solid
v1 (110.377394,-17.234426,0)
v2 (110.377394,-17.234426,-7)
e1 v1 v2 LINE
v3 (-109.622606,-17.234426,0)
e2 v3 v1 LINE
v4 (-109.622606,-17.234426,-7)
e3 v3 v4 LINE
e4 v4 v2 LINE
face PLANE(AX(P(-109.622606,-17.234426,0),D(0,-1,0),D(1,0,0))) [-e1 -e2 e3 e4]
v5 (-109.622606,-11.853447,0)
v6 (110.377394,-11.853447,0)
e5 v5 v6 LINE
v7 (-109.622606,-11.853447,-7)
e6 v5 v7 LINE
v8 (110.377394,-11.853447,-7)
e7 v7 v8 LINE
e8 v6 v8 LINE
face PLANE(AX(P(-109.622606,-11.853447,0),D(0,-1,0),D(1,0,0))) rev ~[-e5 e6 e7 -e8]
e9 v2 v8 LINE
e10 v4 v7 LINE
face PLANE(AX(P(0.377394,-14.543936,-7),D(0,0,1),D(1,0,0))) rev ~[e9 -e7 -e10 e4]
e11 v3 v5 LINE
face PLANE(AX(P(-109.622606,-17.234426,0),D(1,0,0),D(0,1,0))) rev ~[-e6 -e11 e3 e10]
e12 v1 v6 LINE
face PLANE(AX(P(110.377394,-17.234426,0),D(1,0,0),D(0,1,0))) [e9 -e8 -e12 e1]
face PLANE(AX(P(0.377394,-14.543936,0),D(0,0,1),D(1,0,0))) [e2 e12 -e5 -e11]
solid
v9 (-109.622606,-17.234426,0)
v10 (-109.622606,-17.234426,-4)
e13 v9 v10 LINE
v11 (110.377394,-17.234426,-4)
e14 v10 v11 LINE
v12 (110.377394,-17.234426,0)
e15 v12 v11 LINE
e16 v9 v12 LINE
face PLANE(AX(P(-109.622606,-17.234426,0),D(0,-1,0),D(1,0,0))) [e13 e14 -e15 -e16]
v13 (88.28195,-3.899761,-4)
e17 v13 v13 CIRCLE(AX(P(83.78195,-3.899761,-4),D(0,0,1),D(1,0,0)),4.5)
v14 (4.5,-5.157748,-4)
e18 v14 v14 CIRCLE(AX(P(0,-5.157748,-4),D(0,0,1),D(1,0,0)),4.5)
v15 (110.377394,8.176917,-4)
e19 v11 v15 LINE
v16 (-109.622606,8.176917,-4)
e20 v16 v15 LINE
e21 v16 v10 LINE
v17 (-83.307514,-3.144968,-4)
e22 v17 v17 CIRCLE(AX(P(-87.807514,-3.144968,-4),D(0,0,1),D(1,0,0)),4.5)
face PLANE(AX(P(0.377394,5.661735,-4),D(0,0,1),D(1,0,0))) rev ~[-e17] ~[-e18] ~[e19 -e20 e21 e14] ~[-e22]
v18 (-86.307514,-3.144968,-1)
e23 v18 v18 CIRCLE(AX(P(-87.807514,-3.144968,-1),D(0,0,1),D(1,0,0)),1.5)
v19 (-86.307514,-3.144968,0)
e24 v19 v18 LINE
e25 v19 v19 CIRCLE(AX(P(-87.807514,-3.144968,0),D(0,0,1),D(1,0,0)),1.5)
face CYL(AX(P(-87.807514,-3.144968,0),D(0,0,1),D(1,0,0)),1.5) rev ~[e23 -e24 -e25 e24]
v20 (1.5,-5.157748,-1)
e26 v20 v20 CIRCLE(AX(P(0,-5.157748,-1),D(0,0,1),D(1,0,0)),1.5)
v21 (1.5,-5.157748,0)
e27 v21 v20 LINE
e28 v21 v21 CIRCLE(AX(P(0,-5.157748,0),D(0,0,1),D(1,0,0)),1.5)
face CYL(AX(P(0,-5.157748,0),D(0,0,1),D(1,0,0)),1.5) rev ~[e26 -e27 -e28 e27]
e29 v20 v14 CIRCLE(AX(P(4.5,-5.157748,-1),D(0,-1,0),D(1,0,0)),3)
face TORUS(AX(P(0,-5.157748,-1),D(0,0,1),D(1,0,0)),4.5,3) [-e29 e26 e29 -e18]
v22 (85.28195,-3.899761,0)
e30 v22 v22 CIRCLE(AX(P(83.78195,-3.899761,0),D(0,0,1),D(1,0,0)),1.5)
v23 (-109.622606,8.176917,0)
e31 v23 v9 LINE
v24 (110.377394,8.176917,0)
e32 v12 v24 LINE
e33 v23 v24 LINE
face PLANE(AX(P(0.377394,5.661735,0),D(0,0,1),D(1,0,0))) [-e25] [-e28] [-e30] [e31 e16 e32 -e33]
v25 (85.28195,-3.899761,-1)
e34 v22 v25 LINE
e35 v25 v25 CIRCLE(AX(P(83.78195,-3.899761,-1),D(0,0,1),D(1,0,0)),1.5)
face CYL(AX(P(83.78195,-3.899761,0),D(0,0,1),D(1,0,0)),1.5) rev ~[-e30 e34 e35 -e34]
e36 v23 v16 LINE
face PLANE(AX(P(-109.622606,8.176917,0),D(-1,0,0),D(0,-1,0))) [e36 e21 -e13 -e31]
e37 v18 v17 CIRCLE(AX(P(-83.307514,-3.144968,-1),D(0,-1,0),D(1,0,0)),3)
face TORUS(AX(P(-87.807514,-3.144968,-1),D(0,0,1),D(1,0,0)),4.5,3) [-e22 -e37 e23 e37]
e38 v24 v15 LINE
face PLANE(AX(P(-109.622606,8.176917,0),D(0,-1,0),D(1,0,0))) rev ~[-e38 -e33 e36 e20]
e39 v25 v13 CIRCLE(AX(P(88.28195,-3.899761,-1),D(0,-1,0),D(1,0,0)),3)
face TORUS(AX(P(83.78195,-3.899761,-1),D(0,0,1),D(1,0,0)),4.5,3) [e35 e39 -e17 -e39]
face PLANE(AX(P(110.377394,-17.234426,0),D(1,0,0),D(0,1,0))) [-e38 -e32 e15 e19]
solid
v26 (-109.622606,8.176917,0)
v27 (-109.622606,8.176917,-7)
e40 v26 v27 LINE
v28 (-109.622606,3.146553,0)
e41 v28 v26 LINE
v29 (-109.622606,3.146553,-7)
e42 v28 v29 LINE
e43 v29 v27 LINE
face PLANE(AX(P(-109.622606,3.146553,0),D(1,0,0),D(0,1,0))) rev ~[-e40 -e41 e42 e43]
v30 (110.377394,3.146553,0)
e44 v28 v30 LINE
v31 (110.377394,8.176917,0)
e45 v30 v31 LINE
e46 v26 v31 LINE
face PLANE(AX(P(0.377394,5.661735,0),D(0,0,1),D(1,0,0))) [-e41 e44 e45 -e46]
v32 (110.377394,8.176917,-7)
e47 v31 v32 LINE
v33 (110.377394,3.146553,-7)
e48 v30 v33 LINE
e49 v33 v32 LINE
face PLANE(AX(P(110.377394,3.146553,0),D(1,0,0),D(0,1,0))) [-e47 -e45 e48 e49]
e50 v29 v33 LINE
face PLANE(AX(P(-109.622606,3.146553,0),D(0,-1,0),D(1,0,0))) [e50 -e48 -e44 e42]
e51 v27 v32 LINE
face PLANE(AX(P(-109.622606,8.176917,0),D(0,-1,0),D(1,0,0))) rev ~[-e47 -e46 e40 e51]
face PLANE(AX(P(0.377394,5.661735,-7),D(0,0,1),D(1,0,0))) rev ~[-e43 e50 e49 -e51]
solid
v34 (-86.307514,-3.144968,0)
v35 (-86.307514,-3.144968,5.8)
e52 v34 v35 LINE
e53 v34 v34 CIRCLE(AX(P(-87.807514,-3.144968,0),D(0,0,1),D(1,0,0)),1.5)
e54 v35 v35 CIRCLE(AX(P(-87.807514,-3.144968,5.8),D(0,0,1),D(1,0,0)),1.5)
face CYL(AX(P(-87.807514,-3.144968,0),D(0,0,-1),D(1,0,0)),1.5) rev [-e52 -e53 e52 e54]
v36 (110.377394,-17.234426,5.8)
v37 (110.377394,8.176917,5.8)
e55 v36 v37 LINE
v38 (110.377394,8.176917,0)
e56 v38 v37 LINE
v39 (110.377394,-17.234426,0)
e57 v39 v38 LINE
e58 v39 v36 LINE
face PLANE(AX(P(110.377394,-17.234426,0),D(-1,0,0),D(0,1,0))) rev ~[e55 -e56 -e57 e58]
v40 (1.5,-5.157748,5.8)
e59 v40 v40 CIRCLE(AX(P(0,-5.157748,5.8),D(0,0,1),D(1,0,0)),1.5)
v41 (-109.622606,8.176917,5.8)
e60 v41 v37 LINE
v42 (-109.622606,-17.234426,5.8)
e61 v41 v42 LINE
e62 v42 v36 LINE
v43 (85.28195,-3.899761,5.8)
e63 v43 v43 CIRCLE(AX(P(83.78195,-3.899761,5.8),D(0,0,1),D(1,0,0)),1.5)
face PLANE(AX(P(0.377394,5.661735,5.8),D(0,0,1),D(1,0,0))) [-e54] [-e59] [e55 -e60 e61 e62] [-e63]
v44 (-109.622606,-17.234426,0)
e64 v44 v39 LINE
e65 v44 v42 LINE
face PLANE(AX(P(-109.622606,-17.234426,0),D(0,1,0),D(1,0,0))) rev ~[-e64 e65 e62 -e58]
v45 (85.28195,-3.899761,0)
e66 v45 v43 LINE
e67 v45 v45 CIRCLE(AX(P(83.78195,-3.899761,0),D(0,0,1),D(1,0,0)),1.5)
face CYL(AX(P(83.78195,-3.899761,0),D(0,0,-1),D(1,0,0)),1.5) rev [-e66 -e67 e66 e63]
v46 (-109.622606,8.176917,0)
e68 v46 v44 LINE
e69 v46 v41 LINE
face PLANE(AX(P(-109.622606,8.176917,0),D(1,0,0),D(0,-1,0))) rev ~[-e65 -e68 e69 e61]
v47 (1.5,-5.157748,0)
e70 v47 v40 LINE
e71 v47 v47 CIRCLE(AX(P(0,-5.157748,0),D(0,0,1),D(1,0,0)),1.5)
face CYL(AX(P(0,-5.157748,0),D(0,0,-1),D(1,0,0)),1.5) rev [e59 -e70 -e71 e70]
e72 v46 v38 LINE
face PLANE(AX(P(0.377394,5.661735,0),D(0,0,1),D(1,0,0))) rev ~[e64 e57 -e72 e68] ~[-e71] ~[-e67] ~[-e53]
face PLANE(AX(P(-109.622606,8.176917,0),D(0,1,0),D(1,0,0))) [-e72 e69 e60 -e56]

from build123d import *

# Parameters (mm, degrees)
F0_W     = 220
F0_H     = 5.380979
F0_H_2   = 5.030364
F1_DEPTH = 7
F0_H_3   = 15
F0_R     = 1.5
F2_DEPTH = 5.8
F3_DEPTH = 4
F4_R     = 3


with BuildPart() as f1:
    # F0 (on Top) → F1 (new body)
    with BuildSketch(Plane.XY):
        with Locations((0.377394, -14.543936)):
            Rectangle(F0_W, F0_H)
        with Locations((0.377394, 5.661735)):
            Rectangle(F0_W, F0_H_2)
    extrude(amount=-F1_DEPTH)


with BuildPart() as f2:
    # F0 (on Top) → F2 (new body)
    with BuildSketch(Plane.XY):
        with Locations((0.377394, 5.661735)):
            Rectangle(F0_W, F0_H_2)
        with Locations((0.377394, -4.353447)):
            Rectangle(F0_W, F0_H_3)
        with Locations((0, -5.157748)):
            Circle(F0_R, mode=Mode.SUBTRACT)
        with Locations((-87.807514, -3.144968)):
            Circle(F0_R, mode=Mode.SUBTRACT)
        with Locations((83.78195, -3.899761)):
            Circle(F0_R, mode=Mode.SUBTRACT)
        with Locations((0.377394, -14.543936)):
            Rectangle(F0_W, F0_H)
    extrude(amount=F2_DEPTH)


with BuildPart() as f3:
    # F0 (on Top) → F3 (new body)
    with BuildSketch(Plane.XY):
        with Locations((0.377394, 5.661735)):
            Rectangle(F0_W, F0_H_2)
        with Locations((0.377394, -4.353447)):
            Rectangle(F0_W, F0_H_3)
        with Locations((0, -5.157748)):
            Circle(F0_R, mode=Mode.SUBTRACT)
        with Locations((-87.807514, -3.144968)):
            Circle(F0_R, mode=Mode.SUBTRACT)
        with Locations((83.78195, -3.899761)):
            Circle(F0_R, mode=Mode.SUBTRACT)
        with Locations((0.377394, -14.543936)):
            Rectangle(F0_W, F0_H)
    extrude(amount=-F3_DEPTH)

    # F4
    f4_edges = [f3.edges().sort_by_distance(p)[0] for p in [
        (-89.307514, -3.144968, -4),
        (82.28195, -3.899761, -4),
        (-1.5, -5.157748, -4),
    ]]
    fillet(f4_edges, radius=F4_R)


solid = Compound([f1.part, f2.part, f3.part])
